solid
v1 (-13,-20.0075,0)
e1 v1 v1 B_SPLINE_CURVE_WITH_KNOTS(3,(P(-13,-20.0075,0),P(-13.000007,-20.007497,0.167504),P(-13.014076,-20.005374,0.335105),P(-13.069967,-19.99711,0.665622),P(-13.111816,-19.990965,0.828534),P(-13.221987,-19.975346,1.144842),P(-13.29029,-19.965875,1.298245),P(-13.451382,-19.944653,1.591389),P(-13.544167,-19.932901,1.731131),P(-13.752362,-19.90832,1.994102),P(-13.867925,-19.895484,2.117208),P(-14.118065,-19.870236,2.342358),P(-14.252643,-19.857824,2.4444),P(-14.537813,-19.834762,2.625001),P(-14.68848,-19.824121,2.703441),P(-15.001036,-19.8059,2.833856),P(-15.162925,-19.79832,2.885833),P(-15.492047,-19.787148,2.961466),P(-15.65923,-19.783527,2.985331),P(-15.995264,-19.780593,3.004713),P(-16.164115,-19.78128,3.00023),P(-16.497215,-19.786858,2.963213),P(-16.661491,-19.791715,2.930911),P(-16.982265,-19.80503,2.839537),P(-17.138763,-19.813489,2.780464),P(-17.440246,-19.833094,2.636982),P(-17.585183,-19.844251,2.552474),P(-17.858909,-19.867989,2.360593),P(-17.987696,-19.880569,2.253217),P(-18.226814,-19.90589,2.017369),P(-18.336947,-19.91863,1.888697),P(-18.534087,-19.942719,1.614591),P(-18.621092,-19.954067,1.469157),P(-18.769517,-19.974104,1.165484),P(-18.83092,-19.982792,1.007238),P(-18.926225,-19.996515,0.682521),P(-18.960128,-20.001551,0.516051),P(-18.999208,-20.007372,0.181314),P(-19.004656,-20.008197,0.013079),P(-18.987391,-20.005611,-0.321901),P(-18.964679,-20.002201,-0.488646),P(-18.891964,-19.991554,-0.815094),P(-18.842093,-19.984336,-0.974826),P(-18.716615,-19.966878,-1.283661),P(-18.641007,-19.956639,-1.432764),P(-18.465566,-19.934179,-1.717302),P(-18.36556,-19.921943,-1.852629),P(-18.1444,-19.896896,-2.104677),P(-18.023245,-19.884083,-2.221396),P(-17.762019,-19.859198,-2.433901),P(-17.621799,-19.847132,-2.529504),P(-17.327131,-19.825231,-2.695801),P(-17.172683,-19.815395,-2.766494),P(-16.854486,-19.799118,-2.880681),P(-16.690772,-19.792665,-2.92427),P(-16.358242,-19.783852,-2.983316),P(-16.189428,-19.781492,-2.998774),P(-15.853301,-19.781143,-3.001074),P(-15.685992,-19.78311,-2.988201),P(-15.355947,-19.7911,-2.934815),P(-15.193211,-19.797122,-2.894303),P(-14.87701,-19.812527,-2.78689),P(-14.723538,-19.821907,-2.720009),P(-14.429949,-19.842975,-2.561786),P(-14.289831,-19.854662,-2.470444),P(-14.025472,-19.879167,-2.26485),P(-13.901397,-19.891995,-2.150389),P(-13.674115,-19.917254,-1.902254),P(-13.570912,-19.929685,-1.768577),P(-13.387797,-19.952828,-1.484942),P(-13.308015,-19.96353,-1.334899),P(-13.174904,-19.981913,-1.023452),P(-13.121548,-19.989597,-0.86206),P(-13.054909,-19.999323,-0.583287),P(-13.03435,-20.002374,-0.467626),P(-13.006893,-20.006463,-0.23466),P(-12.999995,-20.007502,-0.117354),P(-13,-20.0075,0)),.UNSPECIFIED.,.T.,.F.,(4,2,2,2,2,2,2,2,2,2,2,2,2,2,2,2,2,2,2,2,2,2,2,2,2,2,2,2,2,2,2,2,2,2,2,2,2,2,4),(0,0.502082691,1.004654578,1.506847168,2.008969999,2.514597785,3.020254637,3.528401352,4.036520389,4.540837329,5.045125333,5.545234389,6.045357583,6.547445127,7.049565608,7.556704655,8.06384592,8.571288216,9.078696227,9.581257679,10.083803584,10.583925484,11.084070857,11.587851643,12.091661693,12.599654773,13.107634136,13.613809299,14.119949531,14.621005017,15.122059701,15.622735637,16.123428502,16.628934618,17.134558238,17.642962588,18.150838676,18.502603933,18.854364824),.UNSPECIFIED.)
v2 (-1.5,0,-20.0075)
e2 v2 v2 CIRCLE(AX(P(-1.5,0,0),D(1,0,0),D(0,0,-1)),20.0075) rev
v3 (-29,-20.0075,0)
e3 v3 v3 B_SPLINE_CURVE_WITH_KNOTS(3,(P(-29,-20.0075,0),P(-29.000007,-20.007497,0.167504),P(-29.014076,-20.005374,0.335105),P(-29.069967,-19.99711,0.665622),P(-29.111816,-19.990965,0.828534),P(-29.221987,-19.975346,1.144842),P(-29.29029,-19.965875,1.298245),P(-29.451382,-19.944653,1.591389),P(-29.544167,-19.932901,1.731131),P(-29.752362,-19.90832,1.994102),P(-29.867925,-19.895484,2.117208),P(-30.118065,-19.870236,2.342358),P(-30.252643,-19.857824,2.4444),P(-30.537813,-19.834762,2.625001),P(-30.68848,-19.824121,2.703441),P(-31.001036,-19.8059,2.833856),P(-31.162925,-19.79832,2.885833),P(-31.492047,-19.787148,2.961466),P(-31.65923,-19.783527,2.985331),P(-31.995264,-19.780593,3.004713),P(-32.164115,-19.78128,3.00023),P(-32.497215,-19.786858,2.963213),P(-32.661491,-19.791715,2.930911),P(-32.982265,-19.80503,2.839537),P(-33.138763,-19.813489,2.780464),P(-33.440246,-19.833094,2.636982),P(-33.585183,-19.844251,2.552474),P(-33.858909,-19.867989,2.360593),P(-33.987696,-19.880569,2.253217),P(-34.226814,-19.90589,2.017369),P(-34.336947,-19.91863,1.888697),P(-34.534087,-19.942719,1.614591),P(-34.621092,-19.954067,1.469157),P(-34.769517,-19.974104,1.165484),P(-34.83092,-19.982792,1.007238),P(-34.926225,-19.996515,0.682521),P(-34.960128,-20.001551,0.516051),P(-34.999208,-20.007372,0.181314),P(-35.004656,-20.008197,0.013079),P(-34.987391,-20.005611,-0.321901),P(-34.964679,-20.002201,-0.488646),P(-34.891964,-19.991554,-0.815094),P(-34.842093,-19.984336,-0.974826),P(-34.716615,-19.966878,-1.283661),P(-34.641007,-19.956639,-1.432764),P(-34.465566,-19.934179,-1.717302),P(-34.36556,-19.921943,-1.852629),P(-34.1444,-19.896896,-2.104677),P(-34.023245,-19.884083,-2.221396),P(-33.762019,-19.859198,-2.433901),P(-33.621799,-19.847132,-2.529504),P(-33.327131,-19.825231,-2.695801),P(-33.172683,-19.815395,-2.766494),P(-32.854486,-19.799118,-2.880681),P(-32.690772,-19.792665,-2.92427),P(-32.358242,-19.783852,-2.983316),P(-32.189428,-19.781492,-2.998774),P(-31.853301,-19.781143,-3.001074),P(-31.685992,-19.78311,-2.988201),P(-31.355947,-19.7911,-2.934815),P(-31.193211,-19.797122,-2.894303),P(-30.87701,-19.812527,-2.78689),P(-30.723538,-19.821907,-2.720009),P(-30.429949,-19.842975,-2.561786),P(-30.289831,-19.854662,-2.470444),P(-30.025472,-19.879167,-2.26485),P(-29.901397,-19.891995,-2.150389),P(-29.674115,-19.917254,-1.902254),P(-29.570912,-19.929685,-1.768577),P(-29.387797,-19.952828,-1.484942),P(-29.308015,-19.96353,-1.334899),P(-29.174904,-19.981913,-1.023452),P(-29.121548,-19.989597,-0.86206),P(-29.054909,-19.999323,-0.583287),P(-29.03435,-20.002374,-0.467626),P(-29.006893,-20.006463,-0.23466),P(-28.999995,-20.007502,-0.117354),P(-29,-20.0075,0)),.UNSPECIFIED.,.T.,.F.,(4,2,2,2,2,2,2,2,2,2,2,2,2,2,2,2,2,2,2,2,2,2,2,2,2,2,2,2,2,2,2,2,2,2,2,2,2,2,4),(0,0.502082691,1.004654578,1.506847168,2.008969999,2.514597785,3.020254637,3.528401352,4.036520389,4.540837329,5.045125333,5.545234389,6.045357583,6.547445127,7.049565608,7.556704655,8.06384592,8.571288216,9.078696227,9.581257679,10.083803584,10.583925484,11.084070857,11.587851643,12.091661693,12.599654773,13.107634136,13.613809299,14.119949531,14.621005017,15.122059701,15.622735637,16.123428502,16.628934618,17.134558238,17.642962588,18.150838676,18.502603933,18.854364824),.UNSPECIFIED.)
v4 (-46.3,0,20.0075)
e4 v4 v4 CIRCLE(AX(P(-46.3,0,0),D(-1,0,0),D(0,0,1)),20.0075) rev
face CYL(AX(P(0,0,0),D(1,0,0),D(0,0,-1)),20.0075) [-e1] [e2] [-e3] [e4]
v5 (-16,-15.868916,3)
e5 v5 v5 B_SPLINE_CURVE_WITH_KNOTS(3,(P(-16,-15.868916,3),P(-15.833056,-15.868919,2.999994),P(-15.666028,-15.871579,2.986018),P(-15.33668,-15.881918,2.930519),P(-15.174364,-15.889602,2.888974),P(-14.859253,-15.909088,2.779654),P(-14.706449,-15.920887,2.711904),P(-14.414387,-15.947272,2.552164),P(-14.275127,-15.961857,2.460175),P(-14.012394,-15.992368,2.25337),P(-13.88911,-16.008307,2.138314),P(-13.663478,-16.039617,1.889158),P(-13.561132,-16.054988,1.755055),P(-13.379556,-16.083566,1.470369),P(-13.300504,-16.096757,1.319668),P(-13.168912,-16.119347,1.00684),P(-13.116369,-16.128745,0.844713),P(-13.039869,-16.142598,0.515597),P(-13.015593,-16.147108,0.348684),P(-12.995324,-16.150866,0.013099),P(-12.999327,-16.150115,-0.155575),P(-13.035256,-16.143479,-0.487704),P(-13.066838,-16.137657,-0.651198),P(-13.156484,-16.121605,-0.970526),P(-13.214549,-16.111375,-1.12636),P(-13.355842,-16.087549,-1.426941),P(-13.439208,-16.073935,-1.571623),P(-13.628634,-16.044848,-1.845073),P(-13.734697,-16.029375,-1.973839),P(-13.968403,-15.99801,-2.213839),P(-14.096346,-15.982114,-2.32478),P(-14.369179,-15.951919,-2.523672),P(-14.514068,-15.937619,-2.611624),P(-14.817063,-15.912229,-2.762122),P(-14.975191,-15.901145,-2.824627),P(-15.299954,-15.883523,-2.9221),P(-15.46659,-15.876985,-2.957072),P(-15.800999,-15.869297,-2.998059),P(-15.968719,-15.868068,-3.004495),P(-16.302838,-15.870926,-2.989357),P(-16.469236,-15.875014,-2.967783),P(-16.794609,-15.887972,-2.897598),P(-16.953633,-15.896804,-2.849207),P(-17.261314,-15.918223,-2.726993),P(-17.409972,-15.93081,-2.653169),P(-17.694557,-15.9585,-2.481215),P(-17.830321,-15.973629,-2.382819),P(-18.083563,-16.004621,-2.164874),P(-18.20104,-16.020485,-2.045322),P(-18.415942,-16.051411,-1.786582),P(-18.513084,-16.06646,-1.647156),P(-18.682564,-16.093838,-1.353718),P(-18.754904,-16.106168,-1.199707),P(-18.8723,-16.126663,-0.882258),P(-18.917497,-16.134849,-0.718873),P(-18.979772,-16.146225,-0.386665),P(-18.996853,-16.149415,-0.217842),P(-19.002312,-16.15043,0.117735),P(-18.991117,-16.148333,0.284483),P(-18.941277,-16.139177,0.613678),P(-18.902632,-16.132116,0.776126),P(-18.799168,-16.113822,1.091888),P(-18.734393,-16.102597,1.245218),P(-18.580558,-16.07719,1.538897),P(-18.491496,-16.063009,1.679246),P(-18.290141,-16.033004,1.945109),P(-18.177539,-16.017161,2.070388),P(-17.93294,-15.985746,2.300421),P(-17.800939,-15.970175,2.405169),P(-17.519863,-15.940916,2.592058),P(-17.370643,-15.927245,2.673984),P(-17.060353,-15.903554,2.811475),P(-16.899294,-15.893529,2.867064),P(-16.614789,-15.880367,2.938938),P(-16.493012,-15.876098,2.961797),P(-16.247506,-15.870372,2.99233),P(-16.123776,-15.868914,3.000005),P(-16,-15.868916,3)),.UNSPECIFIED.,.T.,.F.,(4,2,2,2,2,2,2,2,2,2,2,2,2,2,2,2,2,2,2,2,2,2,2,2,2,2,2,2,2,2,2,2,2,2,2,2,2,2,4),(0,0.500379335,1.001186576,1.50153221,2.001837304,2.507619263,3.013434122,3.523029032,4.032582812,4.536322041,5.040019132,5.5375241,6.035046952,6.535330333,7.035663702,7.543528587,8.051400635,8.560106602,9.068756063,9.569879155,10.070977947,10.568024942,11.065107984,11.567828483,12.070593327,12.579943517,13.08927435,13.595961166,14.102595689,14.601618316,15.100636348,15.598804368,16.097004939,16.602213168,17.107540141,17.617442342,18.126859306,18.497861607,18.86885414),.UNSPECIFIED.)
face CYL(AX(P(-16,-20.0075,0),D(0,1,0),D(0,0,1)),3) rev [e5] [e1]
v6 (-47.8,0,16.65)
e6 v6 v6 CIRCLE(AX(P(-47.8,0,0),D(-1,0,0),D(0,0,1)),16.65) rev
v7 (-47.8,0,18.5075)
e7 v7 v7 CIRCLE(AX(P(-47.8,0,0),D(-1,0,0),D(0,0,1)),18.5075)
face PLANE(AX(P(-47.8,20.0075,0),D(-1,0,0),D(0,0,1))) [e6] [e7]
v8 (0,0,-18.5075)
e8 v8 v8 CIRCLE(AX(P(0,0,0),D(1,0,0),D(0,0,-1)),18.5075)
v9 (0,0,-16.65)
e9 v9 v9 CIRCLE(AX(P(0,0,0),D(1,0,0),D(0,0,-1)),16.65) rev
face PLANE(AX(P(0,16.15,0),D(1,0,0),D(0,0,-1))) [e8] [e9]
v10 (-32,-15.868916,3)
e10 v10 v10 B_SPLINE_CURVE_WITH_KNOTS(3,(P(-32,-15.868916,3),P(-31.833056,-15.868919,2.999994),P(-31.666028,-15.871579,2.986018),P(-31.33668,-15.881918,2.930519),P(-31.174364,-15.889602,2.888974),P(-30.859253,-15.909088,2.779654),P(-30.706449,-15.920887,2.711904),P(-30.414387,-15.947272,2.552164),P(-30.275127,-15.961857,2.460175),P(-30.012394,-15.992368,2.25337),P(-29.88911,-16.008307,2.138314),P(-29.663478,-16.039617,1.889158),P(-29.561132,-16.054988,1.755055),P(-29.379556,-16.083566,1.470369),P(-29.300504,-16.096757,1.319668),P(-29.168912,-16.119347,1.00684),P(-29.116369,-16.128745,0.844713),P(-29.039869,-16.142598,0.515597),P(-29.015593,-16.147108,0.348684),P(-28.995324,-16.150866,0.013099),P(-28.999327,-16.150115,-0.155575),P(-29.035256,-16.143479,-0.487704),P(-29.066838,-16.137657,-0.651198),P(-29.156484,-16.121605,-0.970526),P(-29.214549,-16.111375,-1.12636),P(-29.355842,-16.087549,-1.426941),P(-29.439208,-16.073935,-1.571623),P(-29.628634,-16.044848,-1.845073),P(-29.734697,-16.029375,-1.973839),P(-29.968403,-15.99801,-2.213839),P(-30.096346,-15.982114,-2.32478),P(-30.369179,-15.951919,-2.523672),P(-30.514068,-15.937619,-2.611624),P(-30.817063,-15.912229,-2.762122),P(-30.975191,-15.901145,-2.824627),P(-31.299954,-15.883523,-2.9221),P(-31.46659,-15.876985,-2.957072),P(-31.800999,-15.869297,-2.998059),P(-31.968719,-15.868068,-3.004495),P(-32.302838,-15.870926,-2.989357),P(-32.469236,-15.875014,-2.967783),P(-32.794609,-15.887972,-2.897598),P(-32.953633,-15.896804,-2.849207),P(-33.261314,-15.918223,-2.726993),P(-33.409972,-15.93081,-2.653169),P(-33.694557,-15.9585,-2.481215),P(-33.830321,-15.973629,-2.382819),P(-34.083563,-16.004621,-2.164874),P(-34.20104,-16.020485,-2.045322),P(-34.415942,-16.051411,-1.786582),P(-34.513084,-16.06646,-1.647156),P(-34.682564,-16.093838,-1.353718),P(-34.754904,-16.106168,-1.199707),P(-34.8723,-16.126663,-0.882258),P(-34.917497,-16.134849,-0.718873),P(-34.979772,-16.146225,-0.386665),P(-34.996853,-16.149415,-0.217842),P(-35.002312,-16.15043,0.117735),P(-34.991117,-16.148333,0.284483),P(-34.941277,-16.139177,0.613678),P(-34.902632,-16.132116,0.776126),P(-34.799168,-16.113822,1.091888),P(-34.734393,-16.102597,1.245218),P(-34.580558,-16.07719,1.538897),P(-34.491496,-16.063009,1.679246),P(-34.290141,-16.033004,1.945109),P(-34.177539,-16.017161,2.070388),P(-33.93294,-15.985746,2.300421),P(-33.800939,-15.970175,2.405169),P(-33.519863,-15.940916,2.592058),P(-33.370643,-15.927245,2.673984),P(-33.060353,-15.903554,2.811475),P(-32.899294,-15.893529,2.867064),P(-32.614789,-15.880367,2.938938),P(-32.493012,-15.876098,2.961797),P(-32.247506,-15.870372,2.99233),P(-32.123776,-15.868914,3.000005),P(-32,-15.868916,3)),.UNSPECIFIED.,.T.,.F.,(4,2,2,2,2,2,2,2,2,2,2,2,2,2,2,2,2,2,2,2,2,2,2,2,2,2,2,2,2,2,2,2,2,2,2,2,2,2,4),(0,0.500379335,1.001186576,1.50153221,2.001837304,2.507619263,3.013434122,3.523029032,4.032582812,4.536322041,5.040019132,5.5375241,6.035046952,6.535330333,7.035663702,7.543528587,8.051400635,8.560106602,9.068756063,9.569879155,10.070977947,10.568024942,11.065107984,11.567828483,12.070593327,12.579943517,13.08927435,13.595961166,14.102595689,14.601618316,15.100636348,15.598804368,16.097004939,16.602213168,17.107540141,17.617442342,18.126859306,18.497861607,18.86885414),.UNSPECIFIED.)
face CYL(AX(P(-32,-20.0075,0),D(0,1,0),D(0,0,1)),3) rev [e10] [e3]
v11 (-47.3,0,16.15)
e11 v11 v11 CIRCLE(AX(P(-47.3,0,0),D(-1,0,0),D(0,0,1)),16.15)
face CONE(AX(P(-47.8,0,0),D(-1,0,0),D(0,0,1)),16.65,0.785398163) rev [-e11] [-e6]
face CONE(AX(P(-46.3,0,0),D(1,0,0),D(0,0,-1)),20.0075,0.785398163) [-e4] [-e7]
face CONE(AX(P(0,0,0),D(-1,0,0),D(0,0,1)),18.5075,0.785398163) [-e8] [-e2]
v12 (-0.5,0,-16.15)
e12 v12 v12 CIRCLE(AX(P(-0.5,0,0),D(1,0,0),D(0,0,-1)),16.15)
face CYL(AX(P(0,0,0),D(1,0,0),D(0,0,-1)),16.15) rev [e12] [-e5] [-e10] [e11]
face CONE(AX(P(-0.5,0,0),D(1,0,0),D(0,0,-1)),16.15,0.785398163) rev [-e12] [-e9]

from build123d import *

# Parameters (mm, degrees)
SKETCH2_W          = 47.8
SKETCH2_H          = 3.8575
CHAMFER1_SIZE      = 1.5
CHAMFER2_SIZE      = 0.5
SKETCH3_R          = 3
CUT_EXTRUDE1_DEPTH = 56.546738091


with BuildPart() as part:
    # Sketch2 → Revolve1 (revolve)
    with BuildSketch(Plane.XY, mode=Mode.PRIVATE) as revolve1_sk:
        with Locations((-23.9, 18.07875)):
            Rectangle(SKETCH2_W, SKETCH2_H)
    revolve(revolve1_sk.sketch.rotate(Axis((0, 0, 0), (-1, 0, 0)), 90), axis=Axis((0, 0, 0), (-1, 0, 0)))

    # Chamfer1
    chamfer1_edges = [part.edges().sort_by_distance(p)[0] for p in [
        (-47.8, 0, 20.0075),
        (0, 0, 20.0075),
    ]]
    chamfer(chamfer1_edges, length=CHAMFER1_SIZE)

    # Chamfer2
    chamfer2_edges = [part.edges().sort_by_distance(p)[0] for p in [
        (-47.8, 0, 16.15),
        (0, 0, 16.15),
    ]]
    chamfer(chamfer2_edges, length=CHAMFER2_SIZE)

    # Sketch3 → Cut-Extrude1 (cut, through all)
    with BuildSketch(Plane(origin=(0, 0, 0), x_dir=(1, 0, 0), z_dir=(0, 1, 0))):
        with Locations(Location((-16, 0, 0), (0, 0, 270))):
            Circle(SKETCH3_R)
        with Locations(Location((-32, 0, 0), (0, 0, 270))):
            Circle(SKETCH3_R)
    extrude(amount=-CUT_EXTRUDE1_DEPTH, mode=Mode.SUBTRACT)


solid = part.part
